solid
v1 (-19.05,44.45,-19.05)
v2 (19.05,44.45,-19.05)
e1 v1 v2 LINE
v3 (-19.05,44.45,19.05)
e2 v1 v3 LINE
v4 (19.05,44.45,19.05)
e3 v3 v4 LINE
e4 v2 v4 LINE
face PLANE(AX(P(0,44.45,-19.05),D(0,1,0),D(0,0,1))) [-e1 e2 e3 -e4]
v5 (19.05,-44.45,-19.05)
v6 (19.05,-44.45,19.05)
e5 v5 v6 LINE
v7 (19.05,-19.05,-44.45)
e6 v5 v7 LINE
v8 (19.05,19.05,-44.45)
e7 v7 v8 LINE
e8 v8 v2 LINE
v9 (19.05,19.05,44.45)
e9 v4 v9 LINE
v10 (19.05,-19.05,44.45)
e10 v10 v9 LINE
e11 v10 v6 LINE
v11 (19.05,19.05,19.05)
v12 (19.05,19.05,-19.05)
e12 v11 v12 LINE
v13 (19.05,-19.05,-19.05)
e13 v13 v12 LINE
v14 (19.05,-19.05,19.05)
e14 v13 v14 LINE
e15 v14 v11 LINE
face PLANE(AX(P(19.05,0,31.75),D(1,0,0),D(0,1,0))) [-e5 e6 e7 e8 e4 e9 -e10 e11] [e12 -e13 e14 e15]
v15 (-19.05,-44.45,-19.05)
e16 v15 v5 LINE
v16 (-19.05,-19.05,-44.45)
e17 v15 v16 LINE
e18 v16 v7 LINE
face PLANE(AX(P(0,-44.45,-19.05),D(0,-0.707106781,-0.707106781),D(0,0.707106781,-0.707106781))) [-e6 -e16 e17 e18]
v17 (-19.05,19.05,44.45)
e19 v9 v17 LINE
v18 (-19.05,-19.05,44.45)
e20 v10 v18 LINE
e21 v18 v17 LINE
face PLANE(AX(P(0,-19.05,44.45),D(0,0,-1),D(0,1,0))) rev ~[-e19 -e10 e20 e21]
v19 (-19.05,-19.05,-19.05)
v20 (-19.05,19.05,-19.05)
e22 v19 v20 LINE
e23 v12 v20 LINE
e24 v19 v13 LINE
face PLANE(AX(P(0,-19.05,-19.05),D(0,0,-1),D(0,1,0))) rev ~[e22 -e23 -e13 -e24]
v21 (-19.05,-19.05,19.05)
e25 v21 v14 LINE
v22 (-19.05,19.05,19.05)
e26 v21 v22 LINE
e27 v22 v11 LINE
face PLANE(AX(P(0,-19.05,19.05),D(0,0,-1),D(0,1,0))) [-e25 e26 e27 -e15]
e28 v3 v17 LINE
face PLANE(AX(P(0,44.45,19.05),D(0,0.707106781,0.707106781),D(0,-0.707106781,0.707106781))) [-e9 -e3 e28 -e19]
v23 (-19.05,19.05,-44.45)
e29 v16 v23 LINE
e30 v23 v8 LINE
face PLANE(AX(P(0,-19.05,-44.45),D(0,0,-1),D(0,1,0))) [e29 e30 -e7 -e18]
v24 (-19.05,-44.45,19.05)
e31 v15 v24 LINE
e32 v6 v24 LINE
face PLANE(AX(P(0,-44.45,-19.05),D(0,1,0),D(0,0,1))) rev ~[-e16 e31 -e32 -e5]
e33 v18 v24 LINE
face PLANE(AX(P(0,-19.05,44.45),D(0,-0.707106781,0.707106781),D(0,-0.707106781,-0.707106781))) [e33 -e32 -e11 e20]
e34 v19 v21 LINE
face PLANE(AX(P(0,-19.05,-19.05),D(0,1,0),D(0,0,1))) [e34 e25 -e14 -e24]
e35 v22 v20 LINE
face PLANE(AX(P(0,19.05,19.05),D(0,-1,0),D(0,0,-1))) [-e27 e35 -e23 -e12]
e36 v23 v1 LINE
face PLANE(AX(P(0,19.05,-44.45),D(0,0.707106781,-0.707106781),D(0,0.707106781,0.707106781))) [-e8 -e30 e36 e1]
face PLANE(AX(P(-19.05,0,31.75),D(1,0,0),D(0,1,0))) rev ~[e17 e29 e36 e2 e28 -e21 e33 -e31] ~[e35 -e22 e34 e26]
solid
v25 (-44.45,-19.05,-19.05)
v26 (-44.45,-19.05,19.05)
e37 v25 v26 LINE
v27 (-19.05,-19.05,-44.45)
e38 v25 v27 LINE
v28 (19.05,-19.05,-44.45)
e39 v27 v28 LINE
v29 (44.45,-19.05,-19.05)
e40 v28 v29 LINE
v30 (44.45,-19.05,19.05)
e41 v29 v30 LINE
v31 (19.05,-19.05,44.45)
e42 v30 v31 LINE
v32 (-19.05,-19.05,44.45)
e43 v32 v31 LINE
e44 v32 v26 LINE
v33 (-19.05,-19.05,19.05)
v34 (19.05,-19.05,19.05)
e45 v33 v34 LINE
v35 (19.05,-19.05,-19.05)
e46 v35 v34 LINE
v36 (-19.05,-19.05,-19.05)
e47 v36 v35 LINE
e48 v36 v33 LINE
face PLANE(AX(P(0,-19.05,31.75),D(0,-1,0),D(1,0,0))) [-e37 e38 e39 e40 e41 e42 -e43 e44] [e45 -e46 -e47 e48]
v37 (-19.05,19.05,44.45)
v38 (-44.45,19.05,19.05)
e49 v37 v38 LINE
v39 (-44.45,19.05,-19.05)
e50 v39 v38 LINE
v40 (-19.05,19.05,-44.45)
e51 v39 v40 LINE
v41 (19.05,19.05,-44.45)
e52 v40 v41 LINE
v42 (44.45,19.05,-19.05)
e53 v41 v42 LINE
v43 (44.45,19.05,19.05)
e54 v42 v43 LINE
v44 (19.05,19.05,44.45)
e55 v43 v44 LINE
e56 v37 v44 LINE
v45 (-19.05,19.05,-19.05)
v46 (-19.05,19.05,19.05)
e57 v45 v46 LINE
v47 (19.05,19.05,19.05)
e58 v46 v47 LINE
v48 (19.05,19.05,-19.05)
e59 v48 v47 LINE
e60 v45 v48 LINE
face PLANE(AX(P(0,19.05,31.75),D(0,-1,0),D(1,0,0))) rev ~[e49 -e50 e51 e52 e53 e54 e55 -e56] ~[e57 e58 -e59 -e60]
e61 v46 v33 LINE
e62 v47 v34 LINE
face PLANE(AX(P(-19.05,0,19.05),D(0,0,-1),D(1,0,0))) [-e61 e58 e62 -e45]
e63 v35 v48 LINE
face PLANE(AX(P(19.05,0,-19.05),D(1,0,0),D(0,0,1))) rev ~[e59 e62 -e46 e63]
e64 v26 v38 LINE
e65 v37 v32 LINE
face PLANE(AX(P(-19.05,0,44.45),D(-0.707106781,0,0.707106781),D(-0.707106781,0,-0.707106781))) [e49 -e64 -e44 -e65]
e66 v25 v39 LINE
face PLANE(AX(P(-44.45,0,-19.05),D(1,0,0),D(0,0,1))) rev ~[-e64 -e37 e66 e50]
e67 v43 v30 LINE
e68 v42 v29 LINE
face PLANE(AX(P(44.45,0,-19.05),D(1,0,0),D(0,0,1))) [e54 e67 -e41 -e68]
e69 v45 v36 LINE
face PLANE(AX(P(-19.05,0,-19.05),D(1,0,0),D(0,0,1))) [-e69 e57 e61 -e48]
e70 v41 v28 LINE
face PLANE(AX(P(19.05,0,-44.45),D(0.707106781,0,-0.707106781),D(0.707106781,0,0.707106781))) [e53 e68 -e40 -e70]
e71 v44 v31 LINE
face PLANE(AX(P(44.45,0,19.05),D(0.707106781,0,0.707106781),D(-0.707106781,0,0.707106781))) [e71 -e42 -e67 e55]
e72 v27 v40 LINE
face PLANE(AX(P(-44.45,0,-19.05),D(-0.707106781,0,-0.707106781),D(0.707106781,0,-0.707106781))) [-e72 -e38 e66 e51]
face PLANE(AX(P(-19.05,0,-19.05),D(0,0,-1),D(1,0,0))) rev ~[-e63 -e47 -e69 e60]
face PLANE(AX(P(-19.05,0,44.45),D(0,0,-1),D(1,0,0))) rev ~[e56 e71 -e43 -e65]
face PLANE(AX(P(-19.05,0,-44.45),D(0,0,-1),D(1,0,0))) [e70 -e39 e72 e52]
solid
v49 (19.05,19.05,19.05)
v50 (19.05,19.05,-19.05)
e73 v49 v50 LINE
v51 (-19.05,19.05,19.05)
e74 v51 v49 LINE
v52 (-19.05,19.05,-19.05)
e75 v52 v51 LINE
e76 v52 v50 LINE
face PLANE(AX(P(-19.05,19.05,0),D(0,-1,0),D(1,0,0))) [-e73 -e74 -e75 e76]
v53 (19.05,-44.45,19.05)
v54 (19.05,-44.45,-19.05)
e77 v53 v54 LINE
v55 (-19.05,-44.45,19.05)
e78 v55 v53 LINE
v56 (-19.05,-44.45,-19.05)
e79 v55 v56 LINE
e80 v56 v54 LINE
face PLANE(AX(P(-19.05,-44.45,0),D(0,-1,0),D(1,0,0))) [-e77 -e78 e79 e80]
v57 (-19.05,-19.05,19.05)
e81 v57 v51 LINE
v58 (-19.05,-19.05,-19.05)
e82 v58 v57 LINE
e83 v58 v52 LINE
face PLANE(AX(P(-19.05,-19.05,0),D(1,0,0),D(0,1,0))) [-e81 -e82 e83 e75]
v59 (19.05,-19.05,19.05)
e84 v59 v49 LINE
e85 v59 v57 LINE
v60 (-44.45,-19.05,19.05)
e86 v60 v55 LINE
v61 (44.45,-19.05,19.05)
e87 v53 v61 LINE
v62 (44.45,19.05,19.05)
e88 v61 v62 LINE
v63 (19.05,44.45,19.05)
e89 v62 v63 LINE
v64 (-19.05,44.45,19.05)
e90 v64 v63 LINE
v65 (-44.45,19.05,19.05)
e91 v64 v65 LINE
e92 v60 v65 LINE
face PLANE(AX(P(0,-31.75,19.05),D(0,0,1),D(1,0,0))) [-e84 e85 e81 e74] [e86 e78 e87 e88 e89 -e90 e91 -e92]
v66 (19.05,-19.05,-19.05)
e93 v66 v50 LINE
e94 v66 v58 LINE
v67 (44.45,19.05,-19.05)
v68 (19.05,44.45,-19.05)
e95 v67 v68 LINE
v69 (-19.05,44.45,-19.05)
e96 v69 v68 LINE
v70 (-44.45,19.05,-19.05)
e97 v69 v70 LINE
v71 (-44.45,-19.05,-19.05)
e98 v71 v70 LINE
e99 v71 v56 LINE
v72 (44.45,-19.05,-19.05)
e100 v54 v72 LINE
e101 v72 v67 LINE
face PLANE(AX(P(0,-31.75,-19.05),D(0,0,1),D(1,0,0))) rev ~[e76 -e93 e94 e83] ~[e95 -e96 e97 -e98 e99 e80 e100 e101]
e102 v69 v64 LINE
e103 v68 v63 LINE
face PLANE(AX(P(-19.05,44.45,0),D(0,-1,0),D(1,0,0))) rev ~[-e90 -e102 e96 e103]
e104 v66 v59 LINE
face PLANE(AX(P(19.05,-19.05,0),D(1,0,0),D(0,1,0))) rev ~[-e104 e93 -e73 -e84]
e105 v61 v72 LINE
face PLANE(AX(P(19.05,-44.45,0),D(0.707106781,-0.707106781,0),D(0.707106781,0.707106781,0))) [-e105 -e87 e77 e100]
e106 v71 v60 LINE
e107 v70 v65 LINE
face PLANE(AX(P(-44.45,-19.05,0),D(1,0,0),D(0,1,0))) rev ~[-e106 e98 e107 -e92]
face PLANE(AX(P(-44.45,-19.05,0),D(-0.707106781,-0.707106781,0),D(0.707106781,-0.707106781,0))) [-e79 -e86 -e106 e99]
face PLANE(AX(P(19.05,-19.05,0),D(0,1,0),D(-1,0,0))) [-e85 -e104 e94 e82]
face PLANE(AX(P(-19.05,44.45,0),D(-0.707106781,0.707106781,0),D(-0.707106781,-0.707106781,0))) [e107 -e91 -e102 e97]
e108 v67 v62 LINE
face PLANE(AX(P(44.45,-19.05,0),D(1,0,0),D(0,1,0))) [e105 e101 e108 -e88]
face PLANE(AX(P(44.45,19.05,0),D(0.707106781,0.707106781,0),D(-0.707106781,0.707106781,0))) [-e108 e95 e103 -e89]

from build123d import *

# Parameters (mm, degrees)
F0_W     = 38.1
F0_H     = 25.4
F0_W_2   = 25.4
F0_H_2   = 38.1
F3_DEPTH = 19.05
F1_W     = 38.1
F1_H     = 25.4
F1_W_2   = 25.4
F1_H_2   = 38.1
F4_DEPTH = 19.05
F2_W     = 38.1
F2_H     = 25.4
F2_W_2   = 25.4
F2_H_2   = 38.1
F5_DEPTH = 19.05


with BuildPart() as f3:
    # F0 (on Front) → F3 (new body, symmetric)
    with BuildSketch(Plane.XZ):
        with Locations((0, 31.75)):
            Rectangle(F0_W, F0_H)
        Polygon((-19.05, 19.05), (-19.05, 44.45), (-44.45, 19.05), align=None)
        Polygon((44.45, 19.05), (19.05, 44.45), (19.05, 19.05), align=None)
        with Locations((-31.75, 0)):
            Rectangle(F0_W_2, F0_H_2)
        with Locations((31.75, 0)):
            Rectangle(F0_W_2, F0_H_2)
        with Locations((0, -31.75)):
            Rectangle(F0_W, F0_H)
        Polygon((-19.05, -44.45), (-19.05, -19.05), (-44.45, -19.05), align=None)
        Polygon((44.45, -19.05), (19.05, -19.05), (19.05, -44.45), align=None)
    extrude(amount=F3_DEPTH, both=True)


with BuildPart() as f4:
    # F1 (on Right) → F4 (new body, symmetric)
    with BuildSketch(Plane.YZ):
        with Locations((0, 31.75)):
            Rectangle(F1_W, F1_H)
        Polygon((44.45, 19.05), (19.05, 44.45), (19.05, 19.05), align=None)
        Polygon((-19.05, 19.05), (-19.05, 44.45), (-44.45, 19.05), align=None)
        with Locations((31.75, 0)):
            Rectangle(F1_W_2, F1_H_2)
        with Locations((-31.75, 0)):
            Rectangle(F1_W_2, F1_H_2)
        Polygon((44.45, -19.05), (19.05, -19.05), (19.05, -44.45), align=None)
        with Locations((0, -31.75)):
            Rectangle(F1_W, F1_H)
        Polygon((-19.05, -44.45), (-19.05, -19.05), (-44.45, -19.05), align=None)
    extrude(amount=F4_DEPTH, both=True)


with BuildPart() as f5:
    # F2 (on Top) → F5 (new body, symmetric)
    with BuildSketch(Plane.XY):
        with Locations((0, -31.75)):
            Rectangle(F2_W, F2_H)
        Polygon((-44.45, -19.05), (-19.05, -44.45), (-19.05, -19.05), align=None)
        Polygon((19.05, -19.05), (19.05, -44.45), (44.45, -19.05), align=None)
        with Locations((-31.75, 0)):
            Rectangle(F2_W_2, F2_H_2)
        with Locations((31.75, 0)):
            Rectangle(F2_W_2, F2_H_2)
        Polygon((-44.45, 19.05), (-19.05, 19.05), (-19.05, 44.45), align=None)
        with Locations((0, 31.75)):
            Rectangle(F2_W, F2_H)
        Polygon((19.05, 44.45), (19.05, 19.05), (44.45, 19.05), align=None)
    extrude(amount=F5_DEPTH, both=True)


solid = Compound([f3.part, f4.part, f5.part])
